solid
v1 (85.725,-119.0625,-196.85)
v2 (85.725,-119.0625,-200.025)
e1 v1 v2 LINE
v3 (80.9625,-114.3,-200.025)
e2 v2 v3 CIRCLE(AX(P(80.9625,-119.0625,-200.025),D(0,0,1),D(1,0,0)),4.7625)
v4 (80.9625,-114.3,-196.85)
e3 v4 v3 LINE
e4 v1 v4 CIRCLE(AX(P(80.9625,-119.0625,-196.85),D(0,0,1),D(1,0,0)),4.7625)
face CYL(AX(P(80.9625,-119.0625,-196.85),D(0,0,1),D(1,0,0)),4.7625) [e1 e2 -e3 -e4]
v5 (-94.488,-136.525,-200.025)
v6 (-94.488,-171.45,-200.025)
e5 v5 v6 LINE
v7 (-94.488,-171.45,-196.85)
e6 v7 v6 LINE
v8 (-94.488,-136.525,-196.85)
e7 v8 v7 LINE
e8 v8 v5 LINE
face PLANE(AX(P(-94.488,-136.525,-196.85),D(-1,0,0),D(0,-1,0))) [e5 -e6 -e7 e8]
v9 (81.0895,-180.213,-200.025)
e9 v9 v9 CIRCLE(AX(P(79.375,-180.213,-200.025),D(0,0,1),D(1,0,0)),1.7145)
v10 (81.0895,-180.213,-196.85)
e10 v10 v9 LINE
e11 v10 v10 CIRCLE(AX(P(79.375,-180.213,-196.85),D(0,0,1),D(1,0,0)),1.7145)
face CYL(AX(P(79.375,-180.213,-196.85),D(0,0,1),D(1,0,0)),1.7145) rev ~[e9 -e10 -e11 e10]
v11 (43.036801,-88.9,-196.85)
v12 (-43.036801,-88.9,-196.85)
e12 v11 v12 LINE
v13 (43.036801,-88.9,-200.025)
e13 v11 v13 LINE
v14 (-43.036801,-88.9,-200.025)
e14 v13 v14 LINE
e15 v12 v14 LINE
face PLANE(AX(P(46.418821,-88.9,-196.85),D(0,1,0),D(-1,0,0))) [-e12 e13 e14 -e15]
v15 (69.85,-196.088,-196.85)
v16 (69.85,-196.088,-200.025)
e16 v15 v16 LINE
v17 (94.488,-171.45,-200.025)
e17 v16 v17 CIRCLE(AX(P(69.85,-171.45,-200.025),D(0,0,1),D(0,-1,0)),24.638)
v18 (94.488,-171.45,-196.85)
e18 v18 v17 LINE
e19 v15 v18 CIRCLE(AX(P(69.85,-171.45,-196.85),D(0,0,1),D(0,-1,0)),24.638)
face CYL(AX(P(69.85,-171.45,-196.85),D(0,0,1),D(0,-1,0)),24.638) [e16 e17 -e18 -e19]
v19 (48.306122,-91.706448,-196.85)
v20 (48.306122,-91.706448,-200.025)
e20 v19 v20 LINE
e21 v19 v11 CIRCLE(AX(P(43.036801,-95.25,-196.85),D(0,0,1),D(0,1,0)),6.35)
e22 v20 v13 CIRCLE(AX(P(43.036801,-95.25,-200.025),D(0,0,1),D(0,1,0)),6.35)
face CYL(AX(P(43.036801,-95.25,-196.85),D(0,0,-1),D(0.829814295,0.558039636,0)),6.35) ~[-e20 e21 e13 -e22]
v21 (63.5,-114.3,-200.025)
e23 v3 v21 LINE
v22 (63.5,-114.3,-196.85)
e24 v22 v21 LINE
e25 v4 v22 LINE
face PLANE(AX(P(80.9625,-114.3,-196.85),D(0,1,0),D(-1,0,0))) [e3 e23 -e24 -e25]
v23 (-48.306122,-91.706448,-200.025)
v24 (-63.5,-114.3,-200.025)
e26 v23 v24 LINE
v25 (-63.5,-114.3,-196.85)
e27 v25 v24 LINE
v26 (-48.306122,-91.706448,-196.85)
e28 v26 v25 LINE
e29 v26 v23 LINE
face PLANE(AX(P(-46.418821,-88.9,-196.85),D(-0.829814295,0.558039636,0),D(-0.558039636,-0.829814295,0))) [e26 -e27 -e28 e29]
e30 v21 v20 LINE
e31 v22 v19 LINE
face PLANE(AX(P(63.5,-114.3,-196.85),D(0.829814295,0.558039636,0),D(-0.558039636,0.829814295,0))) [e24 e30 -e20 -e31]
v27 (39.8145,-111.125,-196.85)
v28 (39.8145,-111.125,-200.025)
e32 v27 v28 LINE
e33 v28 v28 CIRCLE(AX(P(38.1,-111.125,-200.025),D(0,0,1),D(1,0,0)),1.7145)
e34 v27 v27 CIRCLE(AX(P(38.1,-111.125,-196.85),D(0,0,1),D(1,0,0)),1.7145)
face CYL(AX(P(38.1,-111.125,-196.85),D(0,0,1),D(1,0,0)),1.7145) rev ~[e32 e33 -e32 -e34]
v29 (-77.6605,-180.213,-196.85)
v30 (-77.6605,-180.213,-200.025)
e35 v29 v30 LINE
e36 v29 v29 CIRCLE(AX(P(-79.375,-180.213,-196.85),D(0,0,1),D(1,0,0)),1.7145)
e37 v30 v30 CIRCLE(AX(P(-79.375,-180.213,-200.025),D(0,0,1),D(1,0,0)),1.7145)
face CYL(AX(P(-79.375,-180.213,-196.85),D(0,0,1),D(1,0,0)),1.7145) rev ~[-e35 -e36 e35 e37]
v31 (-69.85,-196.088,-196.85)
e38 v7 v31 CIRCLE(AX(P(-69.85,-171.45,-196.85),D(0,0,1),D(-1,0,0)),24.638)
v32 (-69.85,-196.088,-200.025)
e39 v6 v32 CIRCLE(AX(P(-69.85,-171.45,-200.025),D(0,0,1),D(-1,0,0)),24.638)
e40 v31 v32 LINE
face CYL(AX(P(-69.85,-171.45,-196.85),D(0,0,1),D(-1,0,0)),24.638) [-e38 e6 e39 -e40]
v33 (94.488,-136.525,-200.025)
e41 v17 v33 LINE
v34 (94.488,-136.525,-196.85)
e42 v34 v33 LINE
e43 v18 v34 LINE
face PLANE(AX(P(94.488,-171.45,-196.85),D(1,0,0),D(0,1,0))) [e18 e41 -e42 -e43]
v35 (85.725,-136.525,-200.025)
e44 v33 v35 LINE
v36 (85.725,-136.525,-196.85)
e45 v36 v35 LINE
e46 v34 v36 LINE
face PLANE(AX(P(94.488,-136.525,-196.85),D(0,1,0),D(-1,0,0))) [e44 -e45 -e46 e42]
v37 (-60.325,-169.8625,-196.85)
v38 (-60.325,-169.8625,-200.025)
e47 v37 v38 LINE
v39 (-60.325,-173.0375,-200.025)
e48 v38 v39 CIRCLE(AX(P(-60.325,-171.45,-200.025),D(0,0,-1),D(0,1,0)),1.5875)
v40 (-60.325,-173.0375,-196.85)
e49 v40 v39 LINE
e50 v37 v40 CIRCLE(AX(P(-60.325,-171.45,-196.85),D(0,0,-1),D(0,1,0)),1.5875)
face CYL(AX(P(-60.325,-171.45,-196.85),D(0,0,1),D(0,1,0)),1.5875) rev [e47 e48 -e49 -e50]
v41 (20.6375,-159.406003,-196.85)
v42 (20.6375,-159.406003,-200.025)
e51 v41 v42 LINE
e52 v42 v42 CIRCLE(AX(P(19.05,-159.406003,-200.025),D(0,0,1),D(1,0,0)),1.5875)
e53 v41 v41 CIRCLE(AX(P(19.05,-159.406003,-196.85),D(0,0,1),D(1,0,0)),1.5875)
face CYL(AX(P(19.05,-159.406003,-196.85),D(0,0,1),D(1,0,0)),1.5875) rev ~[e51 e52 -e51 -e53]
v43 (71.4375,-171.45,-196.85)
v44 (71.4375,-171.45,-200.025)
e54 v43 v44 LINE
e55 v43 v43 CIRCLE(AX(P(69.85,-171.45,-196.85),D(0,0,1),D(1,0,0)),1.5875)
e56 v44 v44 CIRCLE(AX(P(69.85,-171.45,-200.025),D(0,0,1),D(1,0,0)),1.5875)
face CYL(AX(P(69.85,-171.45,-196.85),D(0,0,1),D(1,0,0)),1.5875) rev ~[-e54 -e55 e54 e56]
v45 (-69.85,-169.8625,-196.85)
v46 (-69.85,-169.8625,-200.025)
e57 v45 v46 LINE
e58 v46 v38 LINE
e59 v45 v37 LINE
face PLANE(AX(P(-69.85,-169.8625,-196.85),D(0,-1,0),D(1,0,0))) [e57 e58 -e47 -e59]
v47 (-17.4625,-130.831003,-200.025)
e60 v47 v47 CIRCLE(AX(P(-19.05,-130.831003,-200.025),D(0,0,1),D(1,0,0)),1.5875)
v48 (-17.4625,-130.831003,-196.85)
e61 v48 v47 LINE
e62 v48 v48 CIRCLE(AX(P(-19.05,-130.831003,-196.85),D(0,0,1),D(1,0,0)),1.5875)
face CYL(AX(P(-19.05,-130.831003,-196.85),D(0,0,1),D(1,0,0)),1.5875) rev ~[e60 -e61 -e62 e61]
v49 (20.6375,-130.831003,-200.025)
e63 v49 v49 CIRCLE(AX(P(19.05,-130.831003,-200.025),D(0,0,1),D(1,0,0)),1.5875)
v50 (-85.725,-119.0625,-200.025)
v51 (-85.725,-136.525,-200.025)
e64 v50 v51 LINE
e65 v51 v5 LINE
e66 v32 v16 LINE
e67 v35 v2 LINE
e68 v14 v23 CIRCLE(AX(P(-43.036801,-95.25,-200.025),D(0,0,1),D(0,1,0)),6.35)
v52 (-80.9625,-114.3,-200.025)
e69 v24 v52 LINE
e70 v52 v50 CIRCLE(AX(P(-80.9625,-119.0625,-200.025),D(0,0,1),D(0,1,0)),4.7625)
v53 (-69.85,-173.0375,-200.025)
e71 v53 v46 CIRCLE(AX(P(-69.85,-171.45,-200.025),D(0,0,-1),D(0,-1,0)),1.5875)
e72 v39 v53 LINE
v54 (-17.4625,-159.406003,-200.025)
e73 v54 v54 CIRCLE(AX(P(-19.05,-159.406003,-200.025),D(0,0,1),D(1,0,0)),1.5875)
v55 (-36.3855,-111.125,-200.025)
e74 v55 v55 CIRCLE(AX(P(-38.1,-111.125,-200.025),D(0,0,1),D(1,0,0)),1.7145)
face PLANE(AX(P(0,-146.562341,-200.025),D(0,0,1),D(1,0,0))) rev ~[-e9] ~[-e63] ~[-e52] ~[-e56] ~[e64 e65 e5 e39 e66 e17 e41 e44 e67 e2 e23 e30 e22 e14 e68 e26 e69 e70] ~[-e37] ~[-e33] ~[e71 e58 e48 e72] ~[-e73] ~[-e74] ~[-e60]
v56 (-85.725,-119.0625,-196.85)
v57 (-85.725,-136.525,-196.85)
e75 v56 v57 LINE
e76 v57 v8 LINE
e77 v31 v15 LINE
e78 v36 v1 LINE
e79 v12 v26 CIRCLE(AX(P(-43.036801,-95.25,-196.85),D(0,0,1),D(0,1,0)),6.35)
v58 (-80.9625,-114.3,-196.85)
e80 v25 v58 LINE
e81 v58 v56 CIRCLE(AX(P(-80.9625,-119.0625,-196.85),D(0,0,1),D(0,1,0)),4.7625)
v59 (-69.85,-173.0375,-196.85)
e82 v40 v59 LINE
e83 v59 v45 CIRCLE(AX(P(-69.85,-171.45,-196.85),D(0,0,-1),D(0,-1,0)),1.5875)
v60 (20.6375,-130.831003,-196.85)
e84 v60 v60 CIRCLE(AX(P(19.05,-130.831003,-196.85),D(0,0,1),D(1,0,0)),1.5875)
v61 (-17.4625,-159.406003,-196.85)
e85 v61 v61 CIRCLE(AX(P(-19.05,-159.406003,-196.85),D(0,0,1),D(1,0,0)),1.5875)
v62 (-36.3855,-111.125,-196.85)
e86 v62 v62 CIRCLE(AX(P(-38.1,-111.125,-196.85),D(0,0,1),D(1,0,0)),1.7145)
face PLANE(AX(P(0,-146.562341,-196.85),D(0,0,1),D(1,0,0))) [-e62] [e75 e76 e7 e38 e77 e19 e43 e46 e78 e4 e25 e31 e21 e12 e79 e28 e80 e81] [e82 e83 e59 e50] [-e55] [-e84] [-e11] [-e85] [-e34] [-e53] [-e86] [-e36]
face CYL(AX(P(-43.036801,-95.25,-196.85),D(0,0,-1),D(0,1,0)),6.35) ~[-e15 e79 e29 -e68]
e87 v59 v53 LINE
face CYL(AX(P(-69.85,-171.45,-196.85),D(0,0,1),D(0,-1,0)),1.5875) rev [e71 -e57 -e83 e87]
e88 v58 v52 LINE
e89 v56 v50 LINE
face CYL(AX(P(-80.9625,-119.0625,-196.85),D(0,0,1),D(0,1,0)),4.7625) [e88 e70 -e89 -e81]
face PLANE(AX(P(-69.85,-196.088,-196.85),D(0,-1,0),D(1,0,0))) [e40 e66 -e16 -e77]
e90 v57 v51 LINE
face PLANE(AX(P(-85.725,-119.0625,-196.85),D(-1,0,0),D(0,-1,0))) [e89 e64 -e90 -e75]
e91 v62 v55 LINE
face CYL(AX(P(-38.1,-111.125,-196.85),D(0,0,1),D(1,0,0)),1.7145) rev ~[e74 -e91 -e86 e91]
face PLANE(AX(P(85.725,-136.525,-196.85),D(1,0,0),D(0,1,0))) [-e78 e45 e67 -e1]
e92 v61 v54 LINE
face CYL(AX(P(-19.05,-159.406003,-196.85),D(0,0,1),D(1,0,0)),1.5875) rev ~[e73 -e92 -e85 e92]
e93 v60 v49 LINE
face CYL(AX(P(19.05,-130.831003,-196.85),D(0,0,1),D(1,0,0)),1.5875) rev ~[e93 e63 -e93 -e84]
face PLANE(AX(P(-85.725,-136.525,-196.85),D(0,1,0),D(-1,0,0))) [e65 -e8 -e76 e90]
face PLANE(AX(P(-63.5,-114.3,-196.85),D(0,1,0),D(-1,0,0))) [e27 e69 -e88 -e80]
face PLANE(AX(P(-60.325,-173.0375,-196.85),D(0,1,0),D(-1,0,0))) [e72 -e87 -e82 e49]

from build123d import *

# Parameters (mm, degrees)
SKETCH1_R           = 1.7145
SKETCH1_R_2         = 1.5875
BOSS_EXTRUDE1_DEPTH = 3.175
FILLET1_R           = 6.35


with BuildPart() as part:
    # Sketch1 → Boss-Extrude1 (new body)
    with BuildSketch(Plane.XY.offset(-196.85)):
        with BuildLine():
            Line((63.5, -114.3), (46.418820715, -88.9))
            Line((46.418820715, -88.9), (-46.418820715, -88.9))
            Line((-46.418820715, -88.9), (-63.5, -114.3))
            Line((-63.5, -114.3), (-80.9625, -114.3))
            ThreePointArc((-80.9625, -114.3), (-84.330096045, -115.694903955), (-85.725, -119.0625))
            Line((-85.725, -119.0625), (-85.725, -136.525))
            Line((-85.725, -136.525), (-94.488, -136.525))
            Line((-94.488, -136.525), (-94.488, -171.45))
            ThreePointArc((-94.488, -171.45), (-87.271696875, -188.871696875), (-69.85, -196.088))
            Line((-69.85, -196.088), (69.85, -196.088))
            ThreePointArc((69.85, -196.088), (87.271696875, -188.871696875), (94.488, -171.45))
            Line((94.488, -171.45), (94.488, -136.525))
            Line((94.488, -136.525), (85.725, -136.525))
            Line((85.725, -136.525), (85.725, -119.0625))
            ThreePointArc((85.725, -119.0625), (84.330096045, -115.694903955), (80.9625, -114.3))
            Line((80.9625, -114.3), (63.5, -114.3))
        make_face()
        with Locations((-79.375, -180.213)):
            Circle(SKETCH1_R, mode=Mode.SUBTRACT)
        with BuildLine():
            ThreePointArc((-69.85, -173.0375), (-71.4375, -171.45), (-69.85, -169.8625))
            Line((-69.85, -169.8625), (-60.325, -169.8625))
            ThreePointArc((-60.325, -169.8625), (-58.7375, -171.45), (-60.325, -173.0375))
            Line((-60.325, -173.0375), (-69.85, -173.0375))
        make_face(mode=Mode.SUBTRACT)
        with Locations((-19.05, -159.40600326)):
            Circle(SKETCH1_R_2, mode=Mode.SUBTRACT)
        with Locations((-19.05, -130.83100326)):
            Circle(SKETCH1_R_2, mode=Mode.SUBTRACT)
        with Locations((-38.1, -111.125)):
            Circle(SKETCH1_R, mode=Mode.SUBTRACT)
        with Locations((19.05, -159.40600326)):
            Circle(SKETCH1_R_2, mode=Mode.SUBTRACT)
        with Locations((79.375, -180.213)):
            Circle(SKETCH1_R, mode=Mode.SUBTRACT)
        with Locations((69.85, -171.45)):
            Circle(SKETCH1_R_2, mode=Mode.SUBTRACT)
        with Locations((19.05, -130.83100326)):
            Circle(SKETCH1_R_2, mode=Mode.SUBTRACT)
        with Locations((38.1, -111.125)):
            Circle(SKETCH1_R, mode=Mode.SUBTRACT)
    extrude(amount=-BOSS_EXTRUDE1_DEPTH)

    # Fillet1
    fillet1_edges = [part.edges().sort_by_distance(p)[0] for p in [
        (-46.418820715, -88.9, -198.4375),
        (46.418820715, -88.9, -198.4375),
    ]]
    fillet(fillet1_edges, radius=FILLET1_R)


solid = part.part
